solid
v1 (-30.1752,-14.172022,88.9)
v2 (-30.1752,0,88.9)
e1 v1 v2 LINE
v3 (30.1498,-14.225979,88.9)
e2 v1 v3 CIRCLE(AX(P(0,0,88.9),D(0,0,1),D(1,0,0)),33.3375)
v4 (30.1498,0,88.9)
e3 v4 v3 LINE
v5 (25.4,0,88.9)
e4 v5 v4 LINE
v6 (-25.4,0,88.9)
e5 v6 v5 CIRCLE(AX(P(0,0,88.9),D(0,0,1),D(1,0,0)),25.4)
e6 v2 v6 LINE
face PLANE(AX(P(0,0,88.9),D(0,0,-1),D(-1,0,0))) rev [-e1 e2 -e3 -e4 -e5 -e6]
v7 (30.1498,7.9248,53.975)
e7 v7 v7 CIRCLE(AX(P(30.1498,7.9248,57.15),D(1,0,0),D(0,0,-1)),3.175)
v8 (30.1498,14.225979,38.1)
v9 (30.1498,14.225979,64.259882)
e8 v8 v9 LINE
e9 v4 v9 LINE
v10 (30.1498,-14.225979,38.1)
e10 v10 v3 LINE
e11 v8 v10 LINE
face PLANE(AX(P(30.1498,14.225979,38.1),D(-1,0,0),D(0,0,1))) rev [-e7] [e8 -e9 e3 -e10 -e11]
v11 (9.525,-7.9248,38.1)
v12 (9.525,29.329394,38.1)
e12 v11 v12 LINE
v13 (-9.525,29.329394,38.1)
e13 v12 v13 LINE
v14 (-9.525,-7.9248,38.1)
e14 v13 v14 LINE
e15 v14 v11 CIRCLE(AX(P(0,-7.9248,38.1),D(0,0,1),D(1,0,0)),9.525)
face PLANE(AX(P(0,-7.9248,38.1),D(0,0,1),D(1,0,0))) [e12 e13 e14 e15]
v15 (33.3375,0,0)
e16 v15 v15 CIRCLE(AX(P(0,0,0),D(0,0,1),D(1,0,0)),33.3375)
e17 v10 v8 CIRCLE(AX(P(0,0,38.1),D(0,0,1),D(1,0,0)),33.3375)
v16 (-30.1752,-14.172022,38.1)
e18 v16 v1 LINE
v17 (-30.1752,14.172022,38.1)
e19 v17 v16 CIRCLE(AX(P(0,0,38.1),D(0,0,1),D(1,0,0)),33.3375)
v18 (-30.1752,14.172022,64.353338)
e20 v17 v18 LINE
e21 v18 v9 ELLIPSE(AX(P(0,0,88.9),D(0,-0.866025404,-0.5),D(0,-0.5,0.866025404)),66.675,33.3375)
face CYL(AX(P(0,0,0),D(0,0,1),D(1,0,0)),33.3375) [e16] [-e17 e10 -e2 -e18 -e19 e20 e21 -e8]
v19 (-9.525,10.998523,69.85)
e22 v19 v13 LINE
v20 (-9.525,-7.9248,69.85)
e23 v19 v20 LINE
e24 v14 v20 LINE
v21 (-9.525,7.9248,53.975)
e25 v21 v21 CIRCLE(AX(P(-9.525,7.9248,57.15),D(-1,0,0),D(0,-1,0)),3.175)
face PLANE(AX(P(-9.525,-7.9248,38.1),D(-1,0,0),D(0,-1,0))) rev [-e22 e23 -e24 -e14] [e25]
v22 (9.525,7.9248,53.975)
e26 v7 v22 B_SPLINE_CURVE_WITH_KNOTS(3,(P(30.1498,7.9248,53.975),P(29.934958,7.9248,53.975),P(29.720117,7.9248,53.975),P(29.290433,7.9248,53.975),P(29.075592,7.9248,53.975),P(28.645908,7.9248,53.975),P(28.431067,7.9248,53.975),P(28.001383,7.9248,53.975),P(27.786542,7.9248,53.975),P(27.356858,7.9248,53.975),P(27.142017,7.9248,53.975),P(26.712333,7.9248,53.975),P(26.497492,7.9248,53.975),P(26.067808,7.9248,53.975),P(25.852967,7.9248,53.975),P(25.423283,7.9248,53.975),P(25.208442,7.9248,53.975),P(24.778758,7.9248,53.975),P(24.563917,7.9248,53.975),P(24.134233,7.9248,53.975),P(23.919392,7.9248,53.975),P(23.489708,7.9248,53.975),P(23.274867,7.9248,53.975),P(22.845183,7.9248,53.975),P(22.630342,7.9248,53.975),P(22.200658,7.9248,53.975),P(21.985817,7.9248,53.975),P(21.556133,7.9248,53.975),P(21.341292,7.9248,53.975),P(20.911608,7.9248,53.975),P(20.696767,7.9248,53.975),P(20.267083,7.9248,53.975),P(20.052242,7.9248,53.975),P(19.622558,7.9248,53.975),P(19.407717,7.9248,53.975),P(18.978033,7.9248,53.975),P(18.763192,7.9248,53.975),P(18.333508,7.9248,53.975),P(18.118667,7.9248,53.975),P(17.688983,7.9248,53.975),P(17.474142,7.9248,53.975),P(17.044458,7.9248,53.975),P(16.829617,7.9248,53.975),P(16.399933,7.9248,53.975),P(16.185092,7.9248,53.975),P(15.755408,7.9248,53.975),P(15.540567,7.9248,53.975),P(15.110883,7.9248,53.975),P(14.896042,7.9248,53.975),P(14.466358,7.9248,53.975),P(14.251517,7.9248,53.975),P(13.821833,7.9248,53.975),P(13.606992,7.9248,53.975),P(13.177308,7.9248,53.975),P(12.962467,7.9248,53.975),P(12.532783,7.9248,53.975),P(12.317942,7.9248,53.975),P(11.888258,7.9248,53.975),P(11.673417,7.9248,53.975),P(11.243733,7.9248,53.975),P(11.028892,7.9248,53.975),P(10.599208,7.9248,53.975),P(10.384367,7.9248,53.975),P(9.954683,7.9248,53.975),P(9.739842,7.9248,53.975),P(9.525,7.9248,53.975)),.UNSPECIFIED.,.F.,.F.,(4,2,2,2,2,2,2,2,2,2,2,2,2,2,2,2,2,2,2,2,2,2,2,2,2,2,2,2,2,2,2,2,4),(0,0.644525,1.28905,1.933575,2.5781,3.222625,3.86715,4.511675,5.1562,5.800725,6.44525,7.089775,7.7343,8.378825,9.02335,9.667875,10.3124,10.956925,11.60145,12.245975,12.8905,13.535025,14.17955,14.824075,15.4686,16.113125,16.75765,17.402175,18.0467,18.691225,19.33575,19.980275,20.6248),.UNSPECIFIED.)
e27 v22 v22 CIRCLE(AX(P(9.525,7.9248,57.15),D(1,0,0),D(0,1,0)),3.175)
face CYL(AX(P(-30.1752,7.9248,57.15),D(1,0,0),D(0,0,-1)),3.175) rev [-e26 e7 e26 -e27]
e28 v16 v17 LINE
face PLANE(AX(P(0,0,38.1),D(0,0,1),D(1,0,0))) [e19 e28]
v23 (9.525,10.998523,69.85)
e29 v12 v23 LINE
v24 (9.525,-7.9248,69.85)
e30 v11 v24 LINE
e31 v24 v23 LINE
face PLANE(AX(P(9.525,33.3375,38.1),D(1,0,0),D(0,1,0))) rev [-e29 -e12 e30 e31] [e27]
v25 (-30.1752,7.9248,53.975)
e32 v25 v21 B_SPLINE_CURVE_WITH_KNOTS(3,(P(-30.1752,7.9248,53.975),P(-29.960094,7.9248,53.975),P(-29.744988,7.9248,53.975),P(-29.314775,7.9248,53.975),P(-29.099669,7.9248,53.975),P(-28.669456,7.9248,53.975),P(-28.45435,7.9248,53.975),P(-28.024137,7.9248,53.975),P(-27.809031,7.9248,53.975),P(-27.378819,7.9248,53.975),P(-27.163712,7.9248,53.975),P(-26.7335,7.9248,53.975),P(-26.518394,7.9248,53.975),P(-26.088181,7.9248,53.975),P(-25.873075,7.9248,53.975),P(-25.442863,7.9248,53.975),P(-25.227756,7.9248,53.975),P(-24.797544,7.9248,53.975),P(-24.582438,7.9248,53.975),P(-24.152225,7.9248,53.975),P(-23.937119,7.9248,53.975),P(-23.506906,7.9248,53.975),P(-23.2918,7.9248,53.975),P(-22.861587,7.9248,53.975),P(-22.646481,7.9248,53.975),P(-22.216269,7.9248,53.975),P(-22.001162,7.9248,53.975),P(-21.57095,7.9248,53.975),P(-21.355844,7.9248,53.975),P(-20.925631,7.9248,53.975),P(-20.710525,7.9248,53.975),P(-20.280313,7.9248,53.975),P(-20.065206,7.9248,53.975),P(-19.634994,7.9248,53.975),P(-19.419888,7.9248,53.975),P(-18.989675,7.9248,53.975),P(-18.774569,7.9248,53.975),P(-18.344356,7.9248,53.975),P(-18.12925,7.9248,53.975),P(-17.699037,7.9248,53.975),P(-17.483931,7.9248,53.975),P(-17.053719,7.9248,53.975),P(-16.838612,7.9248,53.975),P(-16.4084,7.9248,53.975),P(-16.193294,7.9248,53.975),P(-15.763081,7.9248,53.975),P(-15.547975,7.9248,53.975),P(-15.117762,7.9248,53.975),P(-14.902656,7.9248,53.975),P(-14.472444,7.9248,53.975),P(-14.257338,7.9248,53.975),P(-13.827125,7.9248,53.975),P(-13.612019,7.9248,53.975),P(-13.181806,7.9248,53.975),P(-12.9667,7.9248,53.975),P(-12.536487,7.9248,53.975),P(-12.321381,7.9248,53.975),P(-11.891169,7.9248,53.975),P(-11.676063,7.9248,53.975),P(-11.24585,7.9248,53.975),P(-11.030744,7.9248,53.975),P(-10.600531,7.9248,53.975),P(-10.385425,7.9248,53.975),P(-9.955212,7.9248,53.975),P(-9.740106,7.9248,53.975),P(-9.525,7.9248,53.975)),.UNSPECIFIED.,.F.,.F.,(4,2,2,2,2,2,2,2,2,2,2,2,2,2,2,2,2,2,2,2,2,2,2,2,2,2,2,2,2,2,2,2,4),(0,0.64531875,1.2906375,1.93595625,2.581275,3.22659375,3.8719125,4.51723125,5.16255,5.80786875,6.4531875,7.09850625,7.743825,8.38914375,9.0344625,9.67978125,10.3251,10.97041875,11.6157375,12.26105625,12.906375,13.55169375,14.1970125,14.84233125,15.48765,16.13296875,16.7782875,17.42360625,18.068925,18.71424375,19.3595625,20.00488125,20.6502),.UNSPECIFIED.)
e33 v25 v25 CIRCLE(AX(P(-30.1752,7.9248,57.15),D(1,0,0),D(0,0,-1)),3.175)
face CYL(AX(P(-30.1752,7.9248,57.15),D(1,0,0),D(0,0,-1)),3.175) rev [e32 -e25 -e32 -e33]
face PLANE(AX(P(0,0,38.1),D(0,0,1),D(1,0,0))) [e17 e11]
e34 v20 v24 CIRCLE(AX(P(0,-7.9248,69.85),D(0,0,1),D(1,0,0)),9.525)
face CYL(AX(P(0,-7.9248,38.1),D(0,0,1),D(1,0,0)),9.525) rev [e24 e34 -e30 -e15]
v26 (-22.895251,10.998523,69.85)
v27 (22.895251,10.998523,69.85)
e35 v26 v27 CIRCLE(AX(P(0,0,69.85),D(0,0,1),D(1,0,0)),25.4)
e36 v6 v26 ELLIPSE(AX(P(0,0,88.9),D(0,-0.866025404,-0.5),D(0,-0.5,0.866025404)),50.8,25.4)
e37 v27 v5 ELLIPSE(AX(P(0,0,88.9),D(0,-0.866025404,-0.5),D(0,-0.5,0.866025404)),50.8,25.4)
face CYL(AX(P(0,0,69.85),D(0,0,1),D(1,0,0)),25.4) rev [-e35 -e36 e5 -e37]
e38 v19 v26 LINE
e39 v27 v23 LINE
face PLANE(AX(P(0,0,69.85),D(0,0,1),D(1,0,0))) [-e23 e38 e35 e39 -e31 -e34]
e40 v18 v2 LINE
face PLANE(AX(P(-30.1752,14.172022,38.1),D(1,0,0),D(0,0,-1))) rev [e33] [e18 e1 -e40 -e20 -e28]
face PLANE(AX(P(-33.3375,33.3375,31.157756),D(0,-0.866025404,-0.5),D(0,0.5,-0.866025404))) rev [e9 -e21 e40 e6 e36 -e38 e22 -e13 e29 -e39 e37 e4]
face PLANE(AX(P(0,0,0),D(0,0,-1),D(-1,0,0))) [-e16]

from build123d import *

# Parameters (mm, degrees)
CROQUIS2_W              = 66.675
CROQUIS2_H              = 66.675
SALIENTE_EXTRUIR2_DEPTH = 88.9
CORTAR_EXTRUIR1_DEPTH   = 117.01790608
CROQUIS4_R              = 25.4
CORTAR_EXTRUIR2_DEPTH   = 19.05
CORTAR_EXTRUIR3_DEPTH   = 31.75
CROQUIS6_OUTSIDE_W      = 94.593
CROQUIS6_OUTSIDE_H      = 94.593
CROQUIS6_OUTSIDE_R      = 33.3375
CORTAR_EXTRUIR5_DEPTH   = 101.627967348
CORTAR_EXTRUIR6_DEPTH   = 50.8
CROQUIS9_R              = 3.175
CORTAR_EXTRUIR7_DEPTH   = 60.325


with BuildPart() as part:
    # Croquis2 → Saliente-Extruir2 (new body)
    with BuildSketch(Plane.XY):
        Rectangle(CROQUIS2_W, CROQUIS2_H)
    extrude(amount=SALIENTE_EXTRUIR2_DEPTH)

    # Croquis3 → Cortar-Extruir1 (cut, through all)
    with BuildSketch(Plane(origin=(33.3375, 0, 0), x_dir=(0, 0, -1), z_dir=(1, 0, 0))):
        Polygon((-88.9, 0), (-88.9, 33.3375), (-31.157756203, 33.3375), align=None)
    extrude(amount=-CORTAR_EXTRUIR1_DEPTH, mode=Mode.SUBTRACT)

    # Croquis4 → Cortar-Extruir2 (cut)
    with BuildSketch(Plane.XY.offset(88.9)):
        Circle(CROQUIS4_R)
    extrude(amount=-CORTAR_EXTRUIR2_DEPTH, mode=Mode.SUBTRACT)

    # Croquis5 → Cortar-Extruir3 (cut)
    with BuildSketch(Plane.XY.offset(69.85)):
        with BuildLine():
            Line((-9.525, -7.9248), (-9.525, 33.3375))
            Line((-9.525, 33.3375), (9.525, 33.3375))
            Line((9.525, 33.3375), (9.525, -7.9248))
            ThreePointArc((9.525, -7.9248), (0, -17.4498), (-9.525, -7.9248))
        make_face()
    extrude(amount=-CORTAR_EXTRUIR3_DEPTH, mode=Mode.SUBTRACT)

    # Croquis6 outside → Cortar-Extruir5 (cut, through all)
    with BuildSketch(Plane.XY.offset(88.9)):
        with Locations((0.0005, 0.0005)):
            Rectangle(CROQUIS6_OUTSIDE_W, CROQUIS6_OUTSIDE_H)
        Circle(CROQUIS6_OUTSIDE_R, mode=Mode.SUBTRACT)
    extrude(amount=-CORTAR_EXTRUIR5_DEPTH, mode=Mode.SUBTRACT)

    # Croquis8 → Cortar-Extruir6 (cut)
    with BuildSketch(Plane.XY.offset(88.9)):
        with BuildLine():
            Line((-30.1752, 14.172022128), (-30.1752, -14.172022128))
            ThreePointArc((-30.1752, -14.172022128), (-33.3375, 0), (-30.1752, 14.172022128))
        make_face()
        with BuildLine():
            Line((30.1498, 14.225978568), (30.1498, -14.225978568))
            ThreePointArc((30.1498, -14.225978568), (33.3375, 0), (30.1498, 14.225978568))
        make_face()
    extrude(amount=-CORTAR_EXTRUIR6_DEPTH, mode=Mode.SUBTRACT)

    # Croquis9 → Cortar-Extruir7 (cut)
    with BuildSketch(Plane(origin=(30.1498, 0, 0), x_dir=(0, 0, -1), z_dir=(1, 0, 0))):
        with Locations((-57.15, 7.9248)):
            Circle(CROQUIS9_R)
    extrude(amount=-CORTAR_EXTRUIR7_DEPTH, mode=Mode.SUBTRACT)


solid = part.part
